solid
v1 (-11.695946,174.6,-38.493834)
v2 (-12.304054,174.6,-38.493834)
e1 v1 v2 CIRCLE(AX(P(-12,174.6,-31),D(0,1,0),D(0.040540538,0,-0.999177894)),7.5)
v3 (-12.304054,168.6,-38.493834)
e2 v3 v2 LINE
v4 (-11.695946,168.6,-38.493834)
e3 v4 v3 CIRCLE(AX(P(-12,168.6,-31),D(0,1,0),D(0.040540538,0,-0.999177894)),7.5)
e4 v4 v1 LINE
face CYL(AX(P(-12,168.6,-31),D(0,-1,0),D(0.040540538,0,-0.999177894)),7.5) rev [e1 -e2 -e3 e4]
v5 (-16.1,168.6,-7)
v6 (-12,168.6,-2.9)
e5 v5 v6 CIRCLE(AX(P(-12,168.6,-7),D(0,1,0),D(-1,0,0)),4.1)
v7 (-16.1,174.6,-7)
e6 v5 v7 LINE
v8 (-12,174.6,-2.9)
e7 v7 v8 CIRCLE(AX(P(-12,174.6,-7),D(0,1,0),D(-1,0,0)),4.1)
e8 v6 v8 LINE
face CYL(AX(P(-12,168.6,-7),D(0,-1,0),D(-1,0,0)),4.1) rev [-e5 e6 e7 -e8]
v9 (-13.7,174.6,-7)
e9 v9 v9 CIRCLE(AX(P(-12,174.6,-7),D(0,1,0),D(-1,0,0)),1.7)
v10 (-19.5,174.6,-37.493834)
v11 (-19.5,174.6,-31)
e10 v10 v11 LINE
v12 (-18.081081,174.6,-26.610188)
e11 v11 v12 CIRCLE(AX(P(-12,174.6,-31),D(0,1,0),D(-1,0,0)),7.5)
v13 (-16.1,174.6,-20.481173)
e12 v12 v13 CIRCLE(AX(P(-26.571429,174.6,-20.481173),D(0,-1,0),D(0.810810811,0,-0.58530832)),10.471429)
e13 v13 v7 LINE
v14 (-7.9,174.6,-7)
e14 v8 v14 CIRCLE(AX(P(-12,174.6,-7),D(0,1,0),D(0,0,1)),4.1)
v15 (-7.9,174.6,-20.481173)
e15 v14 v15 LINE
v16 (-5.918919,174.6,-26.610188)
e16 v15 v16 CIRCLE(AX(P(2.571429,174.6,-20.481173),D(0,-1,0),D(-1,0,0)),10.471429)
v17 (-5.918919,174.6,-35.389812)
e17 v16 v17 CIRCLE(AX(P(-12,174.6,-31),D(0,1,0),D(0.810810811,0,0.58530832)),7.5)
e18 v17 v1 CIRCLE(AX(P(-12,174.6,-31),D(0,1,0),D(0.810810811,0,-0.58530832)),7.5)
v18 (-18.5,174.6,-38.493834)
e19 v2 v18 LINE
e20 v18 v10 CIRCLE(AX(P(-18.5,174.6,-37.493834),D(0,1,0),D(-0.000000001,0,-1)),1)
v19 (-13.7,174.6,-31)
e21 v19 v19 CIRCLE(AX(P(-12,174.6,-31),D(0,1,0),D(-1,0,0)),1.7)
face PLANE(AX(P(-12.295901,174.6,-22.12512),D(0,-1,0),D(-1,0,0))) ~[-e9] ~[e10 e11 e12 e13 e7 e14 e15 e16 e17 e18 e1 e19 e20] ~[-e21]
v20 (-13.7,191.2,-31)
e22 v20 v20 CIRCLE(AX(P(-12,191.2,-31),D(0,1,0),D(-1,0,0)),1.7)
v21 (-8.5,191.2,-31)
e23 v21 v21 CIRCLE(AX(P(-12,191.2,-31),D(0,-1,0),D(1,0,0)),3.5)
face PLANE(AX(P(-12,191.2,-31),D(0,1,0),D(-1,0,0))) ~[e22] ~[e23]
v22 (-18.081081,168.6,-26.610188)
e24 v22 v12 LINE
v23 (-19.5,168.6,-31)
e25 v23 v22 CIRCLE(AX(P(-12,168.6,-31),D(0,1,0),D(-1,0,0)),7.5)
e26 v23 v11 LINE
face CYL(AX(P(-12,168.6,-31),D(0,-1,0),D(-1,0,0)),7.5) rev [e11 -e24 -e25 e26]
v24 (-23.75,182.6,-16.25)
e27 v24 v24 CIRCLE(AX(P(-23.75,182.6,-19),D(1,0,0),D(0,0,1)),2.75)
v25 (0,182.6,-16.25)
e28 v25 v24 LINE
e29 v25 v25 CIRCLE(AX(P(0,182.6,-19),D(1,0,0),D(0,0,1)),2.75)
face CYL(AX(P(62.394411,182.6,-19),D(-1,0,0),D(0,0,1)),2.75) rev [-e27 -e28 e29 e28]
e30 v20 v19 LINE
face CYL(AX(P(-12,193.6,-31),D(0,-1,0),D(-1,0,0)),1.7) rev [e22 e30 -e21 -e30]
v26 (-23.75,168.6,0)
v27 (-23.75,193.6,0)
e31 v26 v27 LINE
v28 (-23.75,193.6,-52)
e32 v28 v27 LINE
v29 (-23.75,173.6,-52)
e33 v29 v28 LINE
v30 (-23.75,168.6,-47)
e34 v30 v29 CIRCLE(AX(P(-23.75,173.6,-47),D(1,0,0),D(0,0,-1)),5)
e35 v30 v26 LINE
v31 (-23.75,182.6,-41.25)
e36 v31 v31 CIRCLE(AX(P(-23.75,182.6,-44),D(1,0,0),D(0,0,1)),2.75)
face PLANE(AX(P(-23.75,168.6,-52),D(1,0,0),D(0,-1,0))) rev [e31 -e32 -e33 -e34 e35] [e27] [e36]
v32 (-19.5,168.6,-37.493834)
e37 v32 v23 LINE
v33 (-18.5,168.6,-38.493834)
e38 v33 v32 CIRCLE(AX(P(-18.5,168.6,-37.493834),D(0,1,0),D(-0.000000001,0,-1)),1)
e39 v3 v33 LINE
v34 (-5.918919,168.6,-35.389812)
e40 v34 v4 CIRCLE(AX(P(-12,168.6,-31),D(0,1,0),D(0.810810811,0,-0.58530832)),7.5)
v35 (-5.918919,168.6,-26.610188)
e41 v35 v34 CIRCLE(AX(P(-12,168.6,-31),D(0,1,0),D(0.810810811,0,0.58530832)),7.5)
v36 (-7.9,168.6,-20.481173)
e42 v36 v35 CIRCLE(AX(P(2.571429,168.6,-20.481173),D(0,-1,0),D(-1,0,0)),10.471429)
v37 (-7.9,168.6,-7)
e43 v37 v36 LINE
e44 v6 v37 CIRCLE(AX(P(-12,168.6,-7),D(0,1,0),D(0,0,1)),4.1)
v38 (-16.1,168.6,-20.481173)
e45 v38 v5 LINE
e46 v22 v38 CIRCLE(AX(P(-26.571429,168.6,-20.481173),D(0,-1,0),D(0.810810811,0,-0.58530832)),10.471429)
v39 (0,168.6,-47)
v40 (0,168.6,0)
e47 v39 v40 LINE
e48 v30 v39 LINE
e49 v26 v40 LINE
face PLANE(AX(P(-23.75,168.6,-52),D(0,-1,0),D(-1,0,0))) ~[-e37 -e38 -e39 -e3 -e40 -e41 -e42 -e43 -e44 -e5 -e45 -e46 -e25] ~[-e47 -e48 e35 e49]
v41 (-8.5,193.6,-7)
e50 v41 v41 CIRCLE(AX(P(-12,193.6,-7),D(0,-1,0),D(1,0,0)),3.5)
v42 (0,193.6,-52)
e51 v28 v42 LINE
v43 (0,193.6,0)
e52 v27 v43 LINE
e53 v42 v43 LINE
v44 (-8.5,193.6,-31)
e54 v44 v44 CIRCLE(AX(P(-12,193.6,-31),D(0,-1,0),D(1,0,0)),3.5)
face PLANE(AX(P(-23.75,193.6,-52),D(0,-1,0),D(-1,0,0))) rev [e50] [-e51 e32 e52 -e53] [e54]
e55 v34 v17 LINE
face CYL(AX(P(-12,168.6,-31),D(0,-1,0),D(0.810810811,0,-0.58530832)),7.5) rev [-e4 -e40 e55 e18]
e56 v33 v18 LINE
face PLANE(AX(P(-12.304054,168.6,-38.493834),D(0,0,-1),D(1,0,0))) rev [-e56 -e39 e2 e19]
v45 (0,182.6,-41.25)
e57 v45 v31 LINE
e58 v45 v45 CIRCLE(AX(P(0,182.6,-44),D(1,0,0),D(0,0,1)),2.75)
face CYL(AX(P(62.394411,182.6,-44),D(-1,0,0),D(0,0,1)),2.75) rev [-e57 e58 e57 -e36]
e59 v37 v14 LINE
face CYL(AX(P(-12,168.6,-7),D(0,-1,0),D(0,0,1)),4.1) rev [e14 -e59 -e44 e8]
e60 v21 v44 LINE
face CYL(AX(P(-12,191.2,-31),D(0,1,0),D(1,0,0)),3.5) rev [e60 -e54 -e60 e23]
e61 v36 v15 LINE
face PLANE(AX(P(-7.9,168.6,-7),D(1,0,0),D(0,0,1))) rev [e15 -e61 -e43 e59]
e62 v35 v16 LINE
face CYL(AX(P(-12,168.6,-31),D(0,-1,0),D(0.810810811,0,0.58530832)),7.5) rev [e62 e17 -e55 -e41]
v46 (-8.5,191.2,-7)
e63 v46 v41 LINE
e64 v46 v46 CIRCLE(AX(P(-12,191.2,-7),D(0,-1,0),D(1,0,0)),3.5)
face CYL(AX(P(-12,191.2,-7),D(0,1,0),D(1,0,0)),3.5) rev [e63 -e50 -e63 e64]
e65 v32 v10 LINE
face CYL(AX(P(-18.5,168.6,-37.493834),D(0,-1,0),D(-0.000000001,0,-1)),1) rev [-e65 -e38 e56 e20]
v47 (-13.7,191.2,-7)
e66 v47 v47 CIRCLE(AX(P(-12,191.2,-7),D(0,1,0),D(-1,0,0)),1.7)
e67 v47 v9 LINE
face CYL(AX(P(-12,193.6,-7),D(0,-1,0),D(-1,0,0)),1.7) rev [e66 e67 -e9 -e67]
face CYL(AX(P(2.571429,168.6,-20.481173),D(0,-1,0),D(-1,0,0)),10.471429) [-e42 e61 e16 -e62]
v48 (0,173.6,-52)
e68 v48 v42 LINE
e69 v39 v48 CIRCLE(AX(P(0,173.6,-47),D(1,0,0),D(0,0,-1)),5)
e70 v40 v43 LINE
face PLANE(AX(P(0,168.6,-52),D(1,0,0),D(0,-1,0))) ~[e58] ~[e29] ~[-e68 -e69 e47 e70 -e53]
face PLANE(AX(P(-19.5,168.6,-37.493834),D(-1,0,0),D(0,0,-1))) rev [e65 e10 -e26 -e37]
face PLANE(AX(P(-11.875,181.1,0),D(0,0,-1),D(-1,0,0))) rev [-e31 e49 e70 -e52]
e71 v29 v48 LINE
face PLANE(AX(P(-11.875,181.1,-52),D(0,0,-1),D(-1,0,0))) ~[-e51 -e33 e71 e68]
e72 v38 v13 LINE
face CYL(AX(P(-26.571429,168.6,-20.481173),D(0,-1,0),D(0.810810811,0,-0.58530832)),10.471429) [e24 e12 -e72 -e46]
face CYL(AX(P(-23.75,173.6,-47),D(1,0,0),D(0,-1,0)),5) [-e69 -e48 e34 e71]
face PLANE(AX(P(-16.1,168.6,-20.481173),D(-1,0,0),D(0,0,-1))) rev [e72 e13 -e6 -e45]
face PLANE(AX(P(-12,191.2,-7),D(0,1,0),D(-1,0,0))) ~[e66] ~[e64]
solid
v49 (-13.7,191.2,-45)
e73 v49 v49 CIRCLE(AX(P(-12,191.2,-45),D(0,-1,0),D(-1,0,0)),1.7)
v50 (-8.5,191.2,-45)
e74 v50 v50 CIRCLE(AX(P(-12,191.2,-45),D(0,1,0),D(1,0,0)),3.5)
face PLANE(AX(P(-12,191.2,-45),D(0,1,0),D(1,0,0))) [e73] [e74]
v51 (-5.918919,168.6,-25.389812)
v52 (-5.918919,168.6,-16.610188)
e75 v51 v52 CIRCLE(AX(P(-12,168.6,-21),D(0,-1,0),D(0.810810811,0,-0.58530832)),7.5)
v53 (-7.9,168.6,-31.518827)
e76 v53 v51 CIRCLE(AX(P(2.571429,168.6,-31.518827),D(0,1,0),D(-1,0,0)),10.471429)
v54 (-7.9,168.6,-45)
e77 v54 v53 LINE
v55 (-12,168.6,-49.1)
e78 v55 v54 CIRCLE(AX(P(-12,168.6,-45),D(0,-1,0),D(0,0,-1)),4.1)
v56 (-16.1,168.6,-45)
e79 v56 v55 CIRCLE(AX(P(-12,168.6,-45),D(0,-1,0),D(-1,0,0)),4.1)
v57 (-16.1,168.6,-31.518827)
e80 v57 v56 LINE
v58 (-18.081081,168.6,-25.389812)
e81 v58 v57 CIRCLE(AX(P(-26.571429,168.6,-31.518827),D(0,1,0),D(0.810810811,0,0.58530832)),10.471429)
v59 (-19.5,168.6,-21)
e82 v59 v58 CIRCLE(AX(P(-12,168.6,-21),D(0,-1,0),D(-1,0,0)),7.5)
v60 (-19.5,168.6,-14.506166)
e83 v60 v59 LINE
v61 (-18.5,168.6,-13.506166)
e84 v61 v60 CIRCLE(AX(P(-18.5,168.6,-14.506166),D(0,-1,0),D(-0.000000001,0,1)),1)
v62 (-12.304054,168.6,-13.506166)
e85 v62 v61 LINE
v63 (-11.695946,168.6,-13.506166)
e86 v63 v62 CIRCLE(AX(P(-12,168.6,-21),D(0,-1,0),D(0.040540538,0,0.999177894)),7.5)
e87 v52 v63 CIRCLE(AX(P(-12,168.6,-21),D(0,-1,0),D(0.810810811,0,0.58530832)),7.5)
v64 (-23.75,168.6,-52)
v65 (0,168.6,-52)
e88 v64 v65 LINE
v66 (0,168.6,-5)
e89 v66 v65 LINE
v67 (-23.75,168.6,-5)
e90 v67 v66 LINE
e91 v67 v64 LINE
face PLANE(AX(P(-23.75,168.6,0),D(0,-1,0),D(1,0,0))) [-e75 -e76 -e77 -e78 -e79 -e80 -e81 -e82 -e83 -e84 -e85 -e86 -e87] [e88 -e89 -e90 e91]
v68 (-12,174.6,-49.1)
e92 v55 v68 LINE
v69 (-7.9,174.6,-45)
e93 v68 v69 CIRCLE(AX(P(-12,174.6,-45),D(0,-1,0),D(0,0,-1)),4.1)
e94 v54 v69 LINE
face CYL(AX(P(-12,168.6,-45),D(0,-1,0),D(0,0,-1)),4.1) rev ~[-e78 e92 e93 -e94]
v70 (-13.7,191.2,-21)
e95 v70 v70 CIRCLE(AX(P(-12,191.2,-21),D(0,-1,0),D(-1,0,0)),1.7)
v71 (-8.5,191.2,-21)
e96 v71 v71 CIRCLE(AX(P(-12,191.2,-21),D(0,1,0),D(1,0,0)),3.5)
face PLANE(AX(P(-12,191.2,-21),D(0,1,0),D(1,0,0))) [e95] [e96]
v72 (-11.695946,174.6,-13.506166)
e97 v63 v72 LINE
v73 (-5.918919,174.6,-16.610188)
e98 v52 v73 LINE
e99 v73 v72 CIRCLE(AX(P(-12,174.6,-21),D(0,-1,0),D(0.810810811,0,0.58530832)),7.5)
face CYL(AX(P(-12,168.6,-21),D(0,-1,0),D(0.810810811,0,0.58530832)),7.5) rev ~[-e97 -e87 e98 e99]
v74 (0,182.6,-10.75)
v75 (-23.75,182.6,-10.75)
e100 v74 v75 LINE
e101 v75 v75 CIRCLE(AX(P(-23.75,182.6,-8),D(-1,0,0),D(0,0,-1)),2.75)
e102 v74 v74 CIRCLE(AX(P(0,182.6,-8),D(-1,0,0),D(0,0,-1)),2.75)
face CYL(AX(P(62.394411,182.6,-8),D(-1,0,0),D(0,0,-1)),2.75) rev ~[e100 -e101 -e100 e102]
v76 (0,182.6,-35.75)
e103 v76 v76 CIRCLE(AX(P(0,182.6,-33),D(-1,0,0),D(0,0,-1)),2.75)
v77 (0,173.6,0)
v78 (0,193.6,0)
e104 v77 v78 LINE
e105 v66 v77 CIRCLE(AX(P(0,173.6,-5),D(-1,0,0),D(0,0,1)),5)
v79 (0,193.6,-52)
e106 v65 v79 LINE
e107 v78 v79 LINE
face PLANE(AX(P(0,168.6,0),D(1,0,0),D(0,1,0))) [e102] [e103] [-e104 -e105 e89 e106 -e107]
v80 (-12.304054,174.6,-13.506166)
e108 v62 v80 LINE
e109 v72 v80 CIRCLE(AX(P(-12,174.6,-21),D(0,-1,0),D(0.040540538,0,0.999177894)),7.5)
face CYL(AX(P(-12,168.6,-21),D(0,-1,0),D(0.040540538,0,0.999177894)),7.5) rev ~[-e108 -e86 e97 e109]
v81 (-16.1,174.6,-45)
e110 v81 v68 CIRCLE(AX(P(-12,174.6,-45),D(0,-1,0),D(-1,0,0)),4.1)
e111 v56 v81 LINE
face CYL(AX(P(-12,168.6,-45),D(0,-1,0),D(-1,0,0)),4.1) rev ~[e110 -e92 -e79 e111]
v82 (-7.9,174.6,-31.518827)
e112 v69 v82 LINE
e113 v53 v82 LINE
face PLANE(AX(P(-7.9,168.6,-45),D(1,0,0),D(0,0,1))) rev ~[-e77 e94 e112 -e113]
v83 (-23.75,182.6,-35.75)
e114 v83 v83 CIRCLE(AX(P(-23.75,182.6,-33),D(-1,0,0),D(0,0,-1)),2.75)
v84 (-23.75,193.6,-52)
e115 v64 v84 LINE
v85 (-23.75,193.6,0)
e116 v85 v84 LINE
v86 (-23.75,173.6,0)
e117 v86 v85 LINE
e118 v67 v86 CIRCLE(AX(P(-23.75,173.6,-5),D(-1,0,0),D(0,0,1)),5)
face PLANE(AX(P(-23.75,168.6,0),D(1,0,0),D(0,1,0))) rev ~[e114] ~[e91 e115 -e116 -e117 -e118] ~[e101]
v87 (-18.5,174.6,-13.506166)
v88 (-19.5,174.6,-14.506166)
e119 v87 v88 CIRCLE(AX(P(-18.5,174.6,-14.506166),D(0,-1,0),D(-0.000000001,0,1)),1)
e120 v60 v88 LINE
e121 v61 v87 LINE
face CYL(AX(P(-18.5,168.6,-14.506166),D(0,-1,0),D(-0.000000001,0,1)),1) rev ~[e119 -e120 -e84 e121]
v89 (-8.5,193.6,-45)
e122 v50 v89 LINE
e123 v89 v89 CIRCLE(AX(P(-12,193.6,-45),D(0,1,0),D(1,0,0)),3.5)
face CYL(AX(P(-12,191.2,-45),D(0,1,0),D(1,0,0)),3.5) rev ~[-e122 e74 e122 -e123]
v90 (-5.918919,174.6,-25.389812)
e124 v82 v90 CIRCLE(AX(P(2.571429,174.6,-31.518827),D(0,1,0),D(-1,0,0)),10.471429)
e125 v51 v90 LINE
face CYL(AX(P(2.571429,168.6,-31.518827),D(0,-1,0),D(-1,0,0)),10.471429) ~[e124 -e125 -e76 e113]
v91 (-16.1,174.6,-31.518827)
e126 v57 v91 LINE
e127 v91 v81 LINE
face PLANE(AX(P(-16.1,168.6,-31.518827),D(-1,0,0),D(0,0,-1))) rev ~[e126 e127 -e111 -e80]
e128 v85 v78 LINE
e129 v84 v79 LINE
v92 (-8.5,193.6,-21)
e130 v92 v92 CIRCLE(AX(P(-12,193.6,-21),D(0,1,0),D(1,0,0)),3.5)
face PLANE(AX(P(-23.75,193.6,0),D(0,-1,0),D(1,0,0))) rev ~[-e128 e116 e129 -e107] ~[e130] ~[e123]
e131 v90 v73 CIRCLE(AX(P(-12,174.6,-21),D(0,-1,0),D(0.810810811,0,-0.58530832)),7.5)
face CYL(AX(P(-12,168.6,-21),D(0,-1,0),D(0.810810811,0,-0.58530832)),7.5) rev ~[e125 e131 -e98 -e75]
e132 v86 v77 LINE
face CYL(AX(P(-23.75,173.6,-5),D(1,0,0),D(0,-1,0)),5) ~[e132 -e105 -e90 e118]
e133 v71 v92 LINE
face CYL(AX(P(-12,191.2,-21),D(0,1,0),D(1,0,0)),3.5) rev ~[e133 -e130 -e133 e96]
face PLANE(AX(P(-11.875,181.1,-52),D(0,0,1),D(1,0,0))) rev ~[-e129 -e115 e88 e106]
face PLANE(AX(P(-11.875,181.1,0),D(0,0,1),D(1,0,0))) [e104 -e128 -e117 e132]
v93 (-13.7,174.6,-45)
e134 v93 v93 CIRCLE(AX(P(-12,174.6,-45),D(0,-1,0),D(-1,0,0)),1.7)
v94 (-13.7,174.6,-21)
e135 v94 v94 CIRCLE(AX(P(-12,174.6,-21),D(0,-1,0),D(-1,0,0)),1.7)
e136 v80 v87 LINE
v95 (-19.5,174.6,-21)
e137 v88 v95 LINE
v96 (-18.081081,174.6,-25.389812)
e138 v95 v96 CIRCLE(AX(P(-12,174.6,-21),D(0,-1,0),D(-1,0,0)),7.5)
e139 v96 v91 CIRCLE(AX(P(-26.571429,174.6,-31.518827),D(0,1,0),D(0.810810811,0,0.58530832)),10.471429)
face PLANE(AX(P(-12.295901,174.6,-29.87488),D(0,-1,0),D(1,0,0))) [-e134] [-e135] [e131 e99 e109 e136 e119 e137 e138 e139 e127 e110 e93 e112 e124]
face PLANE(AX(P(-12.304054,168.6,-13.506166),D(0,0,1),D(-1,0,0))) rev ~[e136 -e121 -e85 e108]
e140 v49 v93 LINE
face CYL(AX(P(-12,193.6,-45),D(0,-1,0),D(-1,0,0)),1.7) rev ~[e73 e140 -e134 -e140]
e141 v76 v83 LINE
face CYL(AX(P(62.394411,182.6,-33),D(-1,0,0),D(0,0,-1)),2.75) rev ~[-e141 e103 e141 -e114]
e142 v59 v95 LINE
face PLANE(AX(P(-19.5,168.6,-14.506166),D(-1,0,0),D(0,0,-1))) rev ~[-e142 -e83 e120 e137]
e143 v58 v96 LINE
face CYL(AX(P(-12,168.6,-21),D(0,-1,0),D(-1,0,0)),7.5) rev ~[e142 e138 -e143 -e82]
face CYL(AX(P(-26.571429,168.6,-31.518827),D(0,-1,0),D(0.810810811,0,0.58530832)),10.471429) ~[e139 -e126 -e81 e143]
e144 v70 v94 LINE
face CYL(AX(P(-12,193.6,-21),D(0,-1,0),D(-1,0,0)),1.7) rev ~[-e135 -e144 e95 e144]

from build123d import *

# Parameters (mm, degrees)
ESQUISSE1_W                                        = 23.75
ESQUISSE1_H                                        = 25
BOSS_EXTRU_1_DEPTH                                 = 52
ENL_V_MAT_EXTRU_1_DEPTH                            = 6
CHAMBRAGE_POUR_VIS_T_TE_RONDE_BOMB_E_M_D           = 3.4
CHAMBRAGE_POUR_VIS_T_TE_RONDE_BOMB_E_M_CBORE_D     = 7
CHAMBRAGE_POUR_VIS_T_TE_RONDE_BOMB_E_M_CBORE_DEPTH = 2.4
D_GAGEMENT_M51_D                                   = 5.5
CONG_2_R                                           = 5


with BuildPart() as part:
    # Esquisse1 → Boss.-Extru.1 (new body)
    with BuildSketch(Plane.XY):
        with Locations((-11.875, 181.1)):
            Rectangle(ESQUISSE1_W, ESQUISSE1_H)
    extrude(amount=-BOSS_EXTRU_1_DEPTH)

    # Esquisse2 → Enlèv. mat.-Extru.1 (cut)
    with BuildSketch(Plane.XZ.offset(-168.6)):
        with BuildLine():
            Line((-12.304054054, -13.506165792), (-18.5, -13.506165792))
            ThreePointArc((-18.5, -13.506165792), (-19.207106781, -13.799059011), (-19.5, -14.506165792))
            Line((-19.5, -14.506165792), (-19.5, -21))
            ThreePointArc((-19.5, -21), (-19.13645949, -23.30671757), (-18.081081081, -25.389812398))
            ThreePointArc((-18.081081081, -25.389812398), (-16.607571798, -28.298209557), (-16.1, -31.518826659))
            Line((-16.1, -31.518826659), (-16.1, -45))
            ThreePointArc((-16.1, -45), (-14.899137803, -47.899137803), (-12, -49.1))
            ThreePointArc((-12, -49.1), (-9.100862197, -47.899137803), (-7.9, -45))
            Line((-7.9, -45), (-7.9, -31.518826659))
            ThreePointArc((-7.9, -31.518826659), (-7.392428202, -28.298209557), (-5.918918919, -25.389812398))
            ThreePointArc((-5.918918919, -25.389812398), (-4.5, -21), (-5.918918919, -16.610187602))
            ThreePointArc((-5.918918919, -16.610187602), (-8.450179508, -14.393278084), (-11.695945946, -13.506165792))
            ThreePointArc((-11.695945946, -13.506165792), (-12, -13.5), (-12.304054054, -13.506165792))
        make_face()
    extrude(amount=-ENL_V_MAT_EXTRU_1_DEPTH, mode=Mode.SUBTRACT)

    # Chambrage pour vis à tête ronde bombée M31 (through all)
    with Locations(Plane(origin=(0, 193.6, 0), x_dir=(1, 0, 0), z_dir=(0, 1, 0))):
        with Locations((-12, 21), (-12, 45)):
            CounterBoreHole(CHAMBRAGE_POUR_VIS_T_TE_RONDE_BOMB_E_M_D / 2, CHAMBRAGE_POUR_VIS_T_TE_RONDE_BOMB_E_M_CBORE_D / 2, CHAMBRAGE_POUR_VIS_T_TE_RONDE_BOMB_E_M_CBORE_DEPTH)

    # Dégagement M51 (through all)
    with Locations(Plane(origin=(0, 182.6, -8), x_dir=(0, 0, 1), z_dir=(1, 0, 0))):
        with Locations((0, 0), (-25, 0)):
            Hole(D_GAGEMENT_M51_D / 2)

    # Congé2
    cong_2_edges = [part.edges().sort_by_distance(p)[0] for p in [
        (-11.875, 168.6, 0),
    ]]
    fillet(cong_2_edges, radius=CONG_2_R)


with BuildPart() as body_2:
    # Symétrie1: mirrored copy
    add(part.part.mirror(Plane.XY.offset(-26)))


solid = Compound([part.part, body_2.part])
